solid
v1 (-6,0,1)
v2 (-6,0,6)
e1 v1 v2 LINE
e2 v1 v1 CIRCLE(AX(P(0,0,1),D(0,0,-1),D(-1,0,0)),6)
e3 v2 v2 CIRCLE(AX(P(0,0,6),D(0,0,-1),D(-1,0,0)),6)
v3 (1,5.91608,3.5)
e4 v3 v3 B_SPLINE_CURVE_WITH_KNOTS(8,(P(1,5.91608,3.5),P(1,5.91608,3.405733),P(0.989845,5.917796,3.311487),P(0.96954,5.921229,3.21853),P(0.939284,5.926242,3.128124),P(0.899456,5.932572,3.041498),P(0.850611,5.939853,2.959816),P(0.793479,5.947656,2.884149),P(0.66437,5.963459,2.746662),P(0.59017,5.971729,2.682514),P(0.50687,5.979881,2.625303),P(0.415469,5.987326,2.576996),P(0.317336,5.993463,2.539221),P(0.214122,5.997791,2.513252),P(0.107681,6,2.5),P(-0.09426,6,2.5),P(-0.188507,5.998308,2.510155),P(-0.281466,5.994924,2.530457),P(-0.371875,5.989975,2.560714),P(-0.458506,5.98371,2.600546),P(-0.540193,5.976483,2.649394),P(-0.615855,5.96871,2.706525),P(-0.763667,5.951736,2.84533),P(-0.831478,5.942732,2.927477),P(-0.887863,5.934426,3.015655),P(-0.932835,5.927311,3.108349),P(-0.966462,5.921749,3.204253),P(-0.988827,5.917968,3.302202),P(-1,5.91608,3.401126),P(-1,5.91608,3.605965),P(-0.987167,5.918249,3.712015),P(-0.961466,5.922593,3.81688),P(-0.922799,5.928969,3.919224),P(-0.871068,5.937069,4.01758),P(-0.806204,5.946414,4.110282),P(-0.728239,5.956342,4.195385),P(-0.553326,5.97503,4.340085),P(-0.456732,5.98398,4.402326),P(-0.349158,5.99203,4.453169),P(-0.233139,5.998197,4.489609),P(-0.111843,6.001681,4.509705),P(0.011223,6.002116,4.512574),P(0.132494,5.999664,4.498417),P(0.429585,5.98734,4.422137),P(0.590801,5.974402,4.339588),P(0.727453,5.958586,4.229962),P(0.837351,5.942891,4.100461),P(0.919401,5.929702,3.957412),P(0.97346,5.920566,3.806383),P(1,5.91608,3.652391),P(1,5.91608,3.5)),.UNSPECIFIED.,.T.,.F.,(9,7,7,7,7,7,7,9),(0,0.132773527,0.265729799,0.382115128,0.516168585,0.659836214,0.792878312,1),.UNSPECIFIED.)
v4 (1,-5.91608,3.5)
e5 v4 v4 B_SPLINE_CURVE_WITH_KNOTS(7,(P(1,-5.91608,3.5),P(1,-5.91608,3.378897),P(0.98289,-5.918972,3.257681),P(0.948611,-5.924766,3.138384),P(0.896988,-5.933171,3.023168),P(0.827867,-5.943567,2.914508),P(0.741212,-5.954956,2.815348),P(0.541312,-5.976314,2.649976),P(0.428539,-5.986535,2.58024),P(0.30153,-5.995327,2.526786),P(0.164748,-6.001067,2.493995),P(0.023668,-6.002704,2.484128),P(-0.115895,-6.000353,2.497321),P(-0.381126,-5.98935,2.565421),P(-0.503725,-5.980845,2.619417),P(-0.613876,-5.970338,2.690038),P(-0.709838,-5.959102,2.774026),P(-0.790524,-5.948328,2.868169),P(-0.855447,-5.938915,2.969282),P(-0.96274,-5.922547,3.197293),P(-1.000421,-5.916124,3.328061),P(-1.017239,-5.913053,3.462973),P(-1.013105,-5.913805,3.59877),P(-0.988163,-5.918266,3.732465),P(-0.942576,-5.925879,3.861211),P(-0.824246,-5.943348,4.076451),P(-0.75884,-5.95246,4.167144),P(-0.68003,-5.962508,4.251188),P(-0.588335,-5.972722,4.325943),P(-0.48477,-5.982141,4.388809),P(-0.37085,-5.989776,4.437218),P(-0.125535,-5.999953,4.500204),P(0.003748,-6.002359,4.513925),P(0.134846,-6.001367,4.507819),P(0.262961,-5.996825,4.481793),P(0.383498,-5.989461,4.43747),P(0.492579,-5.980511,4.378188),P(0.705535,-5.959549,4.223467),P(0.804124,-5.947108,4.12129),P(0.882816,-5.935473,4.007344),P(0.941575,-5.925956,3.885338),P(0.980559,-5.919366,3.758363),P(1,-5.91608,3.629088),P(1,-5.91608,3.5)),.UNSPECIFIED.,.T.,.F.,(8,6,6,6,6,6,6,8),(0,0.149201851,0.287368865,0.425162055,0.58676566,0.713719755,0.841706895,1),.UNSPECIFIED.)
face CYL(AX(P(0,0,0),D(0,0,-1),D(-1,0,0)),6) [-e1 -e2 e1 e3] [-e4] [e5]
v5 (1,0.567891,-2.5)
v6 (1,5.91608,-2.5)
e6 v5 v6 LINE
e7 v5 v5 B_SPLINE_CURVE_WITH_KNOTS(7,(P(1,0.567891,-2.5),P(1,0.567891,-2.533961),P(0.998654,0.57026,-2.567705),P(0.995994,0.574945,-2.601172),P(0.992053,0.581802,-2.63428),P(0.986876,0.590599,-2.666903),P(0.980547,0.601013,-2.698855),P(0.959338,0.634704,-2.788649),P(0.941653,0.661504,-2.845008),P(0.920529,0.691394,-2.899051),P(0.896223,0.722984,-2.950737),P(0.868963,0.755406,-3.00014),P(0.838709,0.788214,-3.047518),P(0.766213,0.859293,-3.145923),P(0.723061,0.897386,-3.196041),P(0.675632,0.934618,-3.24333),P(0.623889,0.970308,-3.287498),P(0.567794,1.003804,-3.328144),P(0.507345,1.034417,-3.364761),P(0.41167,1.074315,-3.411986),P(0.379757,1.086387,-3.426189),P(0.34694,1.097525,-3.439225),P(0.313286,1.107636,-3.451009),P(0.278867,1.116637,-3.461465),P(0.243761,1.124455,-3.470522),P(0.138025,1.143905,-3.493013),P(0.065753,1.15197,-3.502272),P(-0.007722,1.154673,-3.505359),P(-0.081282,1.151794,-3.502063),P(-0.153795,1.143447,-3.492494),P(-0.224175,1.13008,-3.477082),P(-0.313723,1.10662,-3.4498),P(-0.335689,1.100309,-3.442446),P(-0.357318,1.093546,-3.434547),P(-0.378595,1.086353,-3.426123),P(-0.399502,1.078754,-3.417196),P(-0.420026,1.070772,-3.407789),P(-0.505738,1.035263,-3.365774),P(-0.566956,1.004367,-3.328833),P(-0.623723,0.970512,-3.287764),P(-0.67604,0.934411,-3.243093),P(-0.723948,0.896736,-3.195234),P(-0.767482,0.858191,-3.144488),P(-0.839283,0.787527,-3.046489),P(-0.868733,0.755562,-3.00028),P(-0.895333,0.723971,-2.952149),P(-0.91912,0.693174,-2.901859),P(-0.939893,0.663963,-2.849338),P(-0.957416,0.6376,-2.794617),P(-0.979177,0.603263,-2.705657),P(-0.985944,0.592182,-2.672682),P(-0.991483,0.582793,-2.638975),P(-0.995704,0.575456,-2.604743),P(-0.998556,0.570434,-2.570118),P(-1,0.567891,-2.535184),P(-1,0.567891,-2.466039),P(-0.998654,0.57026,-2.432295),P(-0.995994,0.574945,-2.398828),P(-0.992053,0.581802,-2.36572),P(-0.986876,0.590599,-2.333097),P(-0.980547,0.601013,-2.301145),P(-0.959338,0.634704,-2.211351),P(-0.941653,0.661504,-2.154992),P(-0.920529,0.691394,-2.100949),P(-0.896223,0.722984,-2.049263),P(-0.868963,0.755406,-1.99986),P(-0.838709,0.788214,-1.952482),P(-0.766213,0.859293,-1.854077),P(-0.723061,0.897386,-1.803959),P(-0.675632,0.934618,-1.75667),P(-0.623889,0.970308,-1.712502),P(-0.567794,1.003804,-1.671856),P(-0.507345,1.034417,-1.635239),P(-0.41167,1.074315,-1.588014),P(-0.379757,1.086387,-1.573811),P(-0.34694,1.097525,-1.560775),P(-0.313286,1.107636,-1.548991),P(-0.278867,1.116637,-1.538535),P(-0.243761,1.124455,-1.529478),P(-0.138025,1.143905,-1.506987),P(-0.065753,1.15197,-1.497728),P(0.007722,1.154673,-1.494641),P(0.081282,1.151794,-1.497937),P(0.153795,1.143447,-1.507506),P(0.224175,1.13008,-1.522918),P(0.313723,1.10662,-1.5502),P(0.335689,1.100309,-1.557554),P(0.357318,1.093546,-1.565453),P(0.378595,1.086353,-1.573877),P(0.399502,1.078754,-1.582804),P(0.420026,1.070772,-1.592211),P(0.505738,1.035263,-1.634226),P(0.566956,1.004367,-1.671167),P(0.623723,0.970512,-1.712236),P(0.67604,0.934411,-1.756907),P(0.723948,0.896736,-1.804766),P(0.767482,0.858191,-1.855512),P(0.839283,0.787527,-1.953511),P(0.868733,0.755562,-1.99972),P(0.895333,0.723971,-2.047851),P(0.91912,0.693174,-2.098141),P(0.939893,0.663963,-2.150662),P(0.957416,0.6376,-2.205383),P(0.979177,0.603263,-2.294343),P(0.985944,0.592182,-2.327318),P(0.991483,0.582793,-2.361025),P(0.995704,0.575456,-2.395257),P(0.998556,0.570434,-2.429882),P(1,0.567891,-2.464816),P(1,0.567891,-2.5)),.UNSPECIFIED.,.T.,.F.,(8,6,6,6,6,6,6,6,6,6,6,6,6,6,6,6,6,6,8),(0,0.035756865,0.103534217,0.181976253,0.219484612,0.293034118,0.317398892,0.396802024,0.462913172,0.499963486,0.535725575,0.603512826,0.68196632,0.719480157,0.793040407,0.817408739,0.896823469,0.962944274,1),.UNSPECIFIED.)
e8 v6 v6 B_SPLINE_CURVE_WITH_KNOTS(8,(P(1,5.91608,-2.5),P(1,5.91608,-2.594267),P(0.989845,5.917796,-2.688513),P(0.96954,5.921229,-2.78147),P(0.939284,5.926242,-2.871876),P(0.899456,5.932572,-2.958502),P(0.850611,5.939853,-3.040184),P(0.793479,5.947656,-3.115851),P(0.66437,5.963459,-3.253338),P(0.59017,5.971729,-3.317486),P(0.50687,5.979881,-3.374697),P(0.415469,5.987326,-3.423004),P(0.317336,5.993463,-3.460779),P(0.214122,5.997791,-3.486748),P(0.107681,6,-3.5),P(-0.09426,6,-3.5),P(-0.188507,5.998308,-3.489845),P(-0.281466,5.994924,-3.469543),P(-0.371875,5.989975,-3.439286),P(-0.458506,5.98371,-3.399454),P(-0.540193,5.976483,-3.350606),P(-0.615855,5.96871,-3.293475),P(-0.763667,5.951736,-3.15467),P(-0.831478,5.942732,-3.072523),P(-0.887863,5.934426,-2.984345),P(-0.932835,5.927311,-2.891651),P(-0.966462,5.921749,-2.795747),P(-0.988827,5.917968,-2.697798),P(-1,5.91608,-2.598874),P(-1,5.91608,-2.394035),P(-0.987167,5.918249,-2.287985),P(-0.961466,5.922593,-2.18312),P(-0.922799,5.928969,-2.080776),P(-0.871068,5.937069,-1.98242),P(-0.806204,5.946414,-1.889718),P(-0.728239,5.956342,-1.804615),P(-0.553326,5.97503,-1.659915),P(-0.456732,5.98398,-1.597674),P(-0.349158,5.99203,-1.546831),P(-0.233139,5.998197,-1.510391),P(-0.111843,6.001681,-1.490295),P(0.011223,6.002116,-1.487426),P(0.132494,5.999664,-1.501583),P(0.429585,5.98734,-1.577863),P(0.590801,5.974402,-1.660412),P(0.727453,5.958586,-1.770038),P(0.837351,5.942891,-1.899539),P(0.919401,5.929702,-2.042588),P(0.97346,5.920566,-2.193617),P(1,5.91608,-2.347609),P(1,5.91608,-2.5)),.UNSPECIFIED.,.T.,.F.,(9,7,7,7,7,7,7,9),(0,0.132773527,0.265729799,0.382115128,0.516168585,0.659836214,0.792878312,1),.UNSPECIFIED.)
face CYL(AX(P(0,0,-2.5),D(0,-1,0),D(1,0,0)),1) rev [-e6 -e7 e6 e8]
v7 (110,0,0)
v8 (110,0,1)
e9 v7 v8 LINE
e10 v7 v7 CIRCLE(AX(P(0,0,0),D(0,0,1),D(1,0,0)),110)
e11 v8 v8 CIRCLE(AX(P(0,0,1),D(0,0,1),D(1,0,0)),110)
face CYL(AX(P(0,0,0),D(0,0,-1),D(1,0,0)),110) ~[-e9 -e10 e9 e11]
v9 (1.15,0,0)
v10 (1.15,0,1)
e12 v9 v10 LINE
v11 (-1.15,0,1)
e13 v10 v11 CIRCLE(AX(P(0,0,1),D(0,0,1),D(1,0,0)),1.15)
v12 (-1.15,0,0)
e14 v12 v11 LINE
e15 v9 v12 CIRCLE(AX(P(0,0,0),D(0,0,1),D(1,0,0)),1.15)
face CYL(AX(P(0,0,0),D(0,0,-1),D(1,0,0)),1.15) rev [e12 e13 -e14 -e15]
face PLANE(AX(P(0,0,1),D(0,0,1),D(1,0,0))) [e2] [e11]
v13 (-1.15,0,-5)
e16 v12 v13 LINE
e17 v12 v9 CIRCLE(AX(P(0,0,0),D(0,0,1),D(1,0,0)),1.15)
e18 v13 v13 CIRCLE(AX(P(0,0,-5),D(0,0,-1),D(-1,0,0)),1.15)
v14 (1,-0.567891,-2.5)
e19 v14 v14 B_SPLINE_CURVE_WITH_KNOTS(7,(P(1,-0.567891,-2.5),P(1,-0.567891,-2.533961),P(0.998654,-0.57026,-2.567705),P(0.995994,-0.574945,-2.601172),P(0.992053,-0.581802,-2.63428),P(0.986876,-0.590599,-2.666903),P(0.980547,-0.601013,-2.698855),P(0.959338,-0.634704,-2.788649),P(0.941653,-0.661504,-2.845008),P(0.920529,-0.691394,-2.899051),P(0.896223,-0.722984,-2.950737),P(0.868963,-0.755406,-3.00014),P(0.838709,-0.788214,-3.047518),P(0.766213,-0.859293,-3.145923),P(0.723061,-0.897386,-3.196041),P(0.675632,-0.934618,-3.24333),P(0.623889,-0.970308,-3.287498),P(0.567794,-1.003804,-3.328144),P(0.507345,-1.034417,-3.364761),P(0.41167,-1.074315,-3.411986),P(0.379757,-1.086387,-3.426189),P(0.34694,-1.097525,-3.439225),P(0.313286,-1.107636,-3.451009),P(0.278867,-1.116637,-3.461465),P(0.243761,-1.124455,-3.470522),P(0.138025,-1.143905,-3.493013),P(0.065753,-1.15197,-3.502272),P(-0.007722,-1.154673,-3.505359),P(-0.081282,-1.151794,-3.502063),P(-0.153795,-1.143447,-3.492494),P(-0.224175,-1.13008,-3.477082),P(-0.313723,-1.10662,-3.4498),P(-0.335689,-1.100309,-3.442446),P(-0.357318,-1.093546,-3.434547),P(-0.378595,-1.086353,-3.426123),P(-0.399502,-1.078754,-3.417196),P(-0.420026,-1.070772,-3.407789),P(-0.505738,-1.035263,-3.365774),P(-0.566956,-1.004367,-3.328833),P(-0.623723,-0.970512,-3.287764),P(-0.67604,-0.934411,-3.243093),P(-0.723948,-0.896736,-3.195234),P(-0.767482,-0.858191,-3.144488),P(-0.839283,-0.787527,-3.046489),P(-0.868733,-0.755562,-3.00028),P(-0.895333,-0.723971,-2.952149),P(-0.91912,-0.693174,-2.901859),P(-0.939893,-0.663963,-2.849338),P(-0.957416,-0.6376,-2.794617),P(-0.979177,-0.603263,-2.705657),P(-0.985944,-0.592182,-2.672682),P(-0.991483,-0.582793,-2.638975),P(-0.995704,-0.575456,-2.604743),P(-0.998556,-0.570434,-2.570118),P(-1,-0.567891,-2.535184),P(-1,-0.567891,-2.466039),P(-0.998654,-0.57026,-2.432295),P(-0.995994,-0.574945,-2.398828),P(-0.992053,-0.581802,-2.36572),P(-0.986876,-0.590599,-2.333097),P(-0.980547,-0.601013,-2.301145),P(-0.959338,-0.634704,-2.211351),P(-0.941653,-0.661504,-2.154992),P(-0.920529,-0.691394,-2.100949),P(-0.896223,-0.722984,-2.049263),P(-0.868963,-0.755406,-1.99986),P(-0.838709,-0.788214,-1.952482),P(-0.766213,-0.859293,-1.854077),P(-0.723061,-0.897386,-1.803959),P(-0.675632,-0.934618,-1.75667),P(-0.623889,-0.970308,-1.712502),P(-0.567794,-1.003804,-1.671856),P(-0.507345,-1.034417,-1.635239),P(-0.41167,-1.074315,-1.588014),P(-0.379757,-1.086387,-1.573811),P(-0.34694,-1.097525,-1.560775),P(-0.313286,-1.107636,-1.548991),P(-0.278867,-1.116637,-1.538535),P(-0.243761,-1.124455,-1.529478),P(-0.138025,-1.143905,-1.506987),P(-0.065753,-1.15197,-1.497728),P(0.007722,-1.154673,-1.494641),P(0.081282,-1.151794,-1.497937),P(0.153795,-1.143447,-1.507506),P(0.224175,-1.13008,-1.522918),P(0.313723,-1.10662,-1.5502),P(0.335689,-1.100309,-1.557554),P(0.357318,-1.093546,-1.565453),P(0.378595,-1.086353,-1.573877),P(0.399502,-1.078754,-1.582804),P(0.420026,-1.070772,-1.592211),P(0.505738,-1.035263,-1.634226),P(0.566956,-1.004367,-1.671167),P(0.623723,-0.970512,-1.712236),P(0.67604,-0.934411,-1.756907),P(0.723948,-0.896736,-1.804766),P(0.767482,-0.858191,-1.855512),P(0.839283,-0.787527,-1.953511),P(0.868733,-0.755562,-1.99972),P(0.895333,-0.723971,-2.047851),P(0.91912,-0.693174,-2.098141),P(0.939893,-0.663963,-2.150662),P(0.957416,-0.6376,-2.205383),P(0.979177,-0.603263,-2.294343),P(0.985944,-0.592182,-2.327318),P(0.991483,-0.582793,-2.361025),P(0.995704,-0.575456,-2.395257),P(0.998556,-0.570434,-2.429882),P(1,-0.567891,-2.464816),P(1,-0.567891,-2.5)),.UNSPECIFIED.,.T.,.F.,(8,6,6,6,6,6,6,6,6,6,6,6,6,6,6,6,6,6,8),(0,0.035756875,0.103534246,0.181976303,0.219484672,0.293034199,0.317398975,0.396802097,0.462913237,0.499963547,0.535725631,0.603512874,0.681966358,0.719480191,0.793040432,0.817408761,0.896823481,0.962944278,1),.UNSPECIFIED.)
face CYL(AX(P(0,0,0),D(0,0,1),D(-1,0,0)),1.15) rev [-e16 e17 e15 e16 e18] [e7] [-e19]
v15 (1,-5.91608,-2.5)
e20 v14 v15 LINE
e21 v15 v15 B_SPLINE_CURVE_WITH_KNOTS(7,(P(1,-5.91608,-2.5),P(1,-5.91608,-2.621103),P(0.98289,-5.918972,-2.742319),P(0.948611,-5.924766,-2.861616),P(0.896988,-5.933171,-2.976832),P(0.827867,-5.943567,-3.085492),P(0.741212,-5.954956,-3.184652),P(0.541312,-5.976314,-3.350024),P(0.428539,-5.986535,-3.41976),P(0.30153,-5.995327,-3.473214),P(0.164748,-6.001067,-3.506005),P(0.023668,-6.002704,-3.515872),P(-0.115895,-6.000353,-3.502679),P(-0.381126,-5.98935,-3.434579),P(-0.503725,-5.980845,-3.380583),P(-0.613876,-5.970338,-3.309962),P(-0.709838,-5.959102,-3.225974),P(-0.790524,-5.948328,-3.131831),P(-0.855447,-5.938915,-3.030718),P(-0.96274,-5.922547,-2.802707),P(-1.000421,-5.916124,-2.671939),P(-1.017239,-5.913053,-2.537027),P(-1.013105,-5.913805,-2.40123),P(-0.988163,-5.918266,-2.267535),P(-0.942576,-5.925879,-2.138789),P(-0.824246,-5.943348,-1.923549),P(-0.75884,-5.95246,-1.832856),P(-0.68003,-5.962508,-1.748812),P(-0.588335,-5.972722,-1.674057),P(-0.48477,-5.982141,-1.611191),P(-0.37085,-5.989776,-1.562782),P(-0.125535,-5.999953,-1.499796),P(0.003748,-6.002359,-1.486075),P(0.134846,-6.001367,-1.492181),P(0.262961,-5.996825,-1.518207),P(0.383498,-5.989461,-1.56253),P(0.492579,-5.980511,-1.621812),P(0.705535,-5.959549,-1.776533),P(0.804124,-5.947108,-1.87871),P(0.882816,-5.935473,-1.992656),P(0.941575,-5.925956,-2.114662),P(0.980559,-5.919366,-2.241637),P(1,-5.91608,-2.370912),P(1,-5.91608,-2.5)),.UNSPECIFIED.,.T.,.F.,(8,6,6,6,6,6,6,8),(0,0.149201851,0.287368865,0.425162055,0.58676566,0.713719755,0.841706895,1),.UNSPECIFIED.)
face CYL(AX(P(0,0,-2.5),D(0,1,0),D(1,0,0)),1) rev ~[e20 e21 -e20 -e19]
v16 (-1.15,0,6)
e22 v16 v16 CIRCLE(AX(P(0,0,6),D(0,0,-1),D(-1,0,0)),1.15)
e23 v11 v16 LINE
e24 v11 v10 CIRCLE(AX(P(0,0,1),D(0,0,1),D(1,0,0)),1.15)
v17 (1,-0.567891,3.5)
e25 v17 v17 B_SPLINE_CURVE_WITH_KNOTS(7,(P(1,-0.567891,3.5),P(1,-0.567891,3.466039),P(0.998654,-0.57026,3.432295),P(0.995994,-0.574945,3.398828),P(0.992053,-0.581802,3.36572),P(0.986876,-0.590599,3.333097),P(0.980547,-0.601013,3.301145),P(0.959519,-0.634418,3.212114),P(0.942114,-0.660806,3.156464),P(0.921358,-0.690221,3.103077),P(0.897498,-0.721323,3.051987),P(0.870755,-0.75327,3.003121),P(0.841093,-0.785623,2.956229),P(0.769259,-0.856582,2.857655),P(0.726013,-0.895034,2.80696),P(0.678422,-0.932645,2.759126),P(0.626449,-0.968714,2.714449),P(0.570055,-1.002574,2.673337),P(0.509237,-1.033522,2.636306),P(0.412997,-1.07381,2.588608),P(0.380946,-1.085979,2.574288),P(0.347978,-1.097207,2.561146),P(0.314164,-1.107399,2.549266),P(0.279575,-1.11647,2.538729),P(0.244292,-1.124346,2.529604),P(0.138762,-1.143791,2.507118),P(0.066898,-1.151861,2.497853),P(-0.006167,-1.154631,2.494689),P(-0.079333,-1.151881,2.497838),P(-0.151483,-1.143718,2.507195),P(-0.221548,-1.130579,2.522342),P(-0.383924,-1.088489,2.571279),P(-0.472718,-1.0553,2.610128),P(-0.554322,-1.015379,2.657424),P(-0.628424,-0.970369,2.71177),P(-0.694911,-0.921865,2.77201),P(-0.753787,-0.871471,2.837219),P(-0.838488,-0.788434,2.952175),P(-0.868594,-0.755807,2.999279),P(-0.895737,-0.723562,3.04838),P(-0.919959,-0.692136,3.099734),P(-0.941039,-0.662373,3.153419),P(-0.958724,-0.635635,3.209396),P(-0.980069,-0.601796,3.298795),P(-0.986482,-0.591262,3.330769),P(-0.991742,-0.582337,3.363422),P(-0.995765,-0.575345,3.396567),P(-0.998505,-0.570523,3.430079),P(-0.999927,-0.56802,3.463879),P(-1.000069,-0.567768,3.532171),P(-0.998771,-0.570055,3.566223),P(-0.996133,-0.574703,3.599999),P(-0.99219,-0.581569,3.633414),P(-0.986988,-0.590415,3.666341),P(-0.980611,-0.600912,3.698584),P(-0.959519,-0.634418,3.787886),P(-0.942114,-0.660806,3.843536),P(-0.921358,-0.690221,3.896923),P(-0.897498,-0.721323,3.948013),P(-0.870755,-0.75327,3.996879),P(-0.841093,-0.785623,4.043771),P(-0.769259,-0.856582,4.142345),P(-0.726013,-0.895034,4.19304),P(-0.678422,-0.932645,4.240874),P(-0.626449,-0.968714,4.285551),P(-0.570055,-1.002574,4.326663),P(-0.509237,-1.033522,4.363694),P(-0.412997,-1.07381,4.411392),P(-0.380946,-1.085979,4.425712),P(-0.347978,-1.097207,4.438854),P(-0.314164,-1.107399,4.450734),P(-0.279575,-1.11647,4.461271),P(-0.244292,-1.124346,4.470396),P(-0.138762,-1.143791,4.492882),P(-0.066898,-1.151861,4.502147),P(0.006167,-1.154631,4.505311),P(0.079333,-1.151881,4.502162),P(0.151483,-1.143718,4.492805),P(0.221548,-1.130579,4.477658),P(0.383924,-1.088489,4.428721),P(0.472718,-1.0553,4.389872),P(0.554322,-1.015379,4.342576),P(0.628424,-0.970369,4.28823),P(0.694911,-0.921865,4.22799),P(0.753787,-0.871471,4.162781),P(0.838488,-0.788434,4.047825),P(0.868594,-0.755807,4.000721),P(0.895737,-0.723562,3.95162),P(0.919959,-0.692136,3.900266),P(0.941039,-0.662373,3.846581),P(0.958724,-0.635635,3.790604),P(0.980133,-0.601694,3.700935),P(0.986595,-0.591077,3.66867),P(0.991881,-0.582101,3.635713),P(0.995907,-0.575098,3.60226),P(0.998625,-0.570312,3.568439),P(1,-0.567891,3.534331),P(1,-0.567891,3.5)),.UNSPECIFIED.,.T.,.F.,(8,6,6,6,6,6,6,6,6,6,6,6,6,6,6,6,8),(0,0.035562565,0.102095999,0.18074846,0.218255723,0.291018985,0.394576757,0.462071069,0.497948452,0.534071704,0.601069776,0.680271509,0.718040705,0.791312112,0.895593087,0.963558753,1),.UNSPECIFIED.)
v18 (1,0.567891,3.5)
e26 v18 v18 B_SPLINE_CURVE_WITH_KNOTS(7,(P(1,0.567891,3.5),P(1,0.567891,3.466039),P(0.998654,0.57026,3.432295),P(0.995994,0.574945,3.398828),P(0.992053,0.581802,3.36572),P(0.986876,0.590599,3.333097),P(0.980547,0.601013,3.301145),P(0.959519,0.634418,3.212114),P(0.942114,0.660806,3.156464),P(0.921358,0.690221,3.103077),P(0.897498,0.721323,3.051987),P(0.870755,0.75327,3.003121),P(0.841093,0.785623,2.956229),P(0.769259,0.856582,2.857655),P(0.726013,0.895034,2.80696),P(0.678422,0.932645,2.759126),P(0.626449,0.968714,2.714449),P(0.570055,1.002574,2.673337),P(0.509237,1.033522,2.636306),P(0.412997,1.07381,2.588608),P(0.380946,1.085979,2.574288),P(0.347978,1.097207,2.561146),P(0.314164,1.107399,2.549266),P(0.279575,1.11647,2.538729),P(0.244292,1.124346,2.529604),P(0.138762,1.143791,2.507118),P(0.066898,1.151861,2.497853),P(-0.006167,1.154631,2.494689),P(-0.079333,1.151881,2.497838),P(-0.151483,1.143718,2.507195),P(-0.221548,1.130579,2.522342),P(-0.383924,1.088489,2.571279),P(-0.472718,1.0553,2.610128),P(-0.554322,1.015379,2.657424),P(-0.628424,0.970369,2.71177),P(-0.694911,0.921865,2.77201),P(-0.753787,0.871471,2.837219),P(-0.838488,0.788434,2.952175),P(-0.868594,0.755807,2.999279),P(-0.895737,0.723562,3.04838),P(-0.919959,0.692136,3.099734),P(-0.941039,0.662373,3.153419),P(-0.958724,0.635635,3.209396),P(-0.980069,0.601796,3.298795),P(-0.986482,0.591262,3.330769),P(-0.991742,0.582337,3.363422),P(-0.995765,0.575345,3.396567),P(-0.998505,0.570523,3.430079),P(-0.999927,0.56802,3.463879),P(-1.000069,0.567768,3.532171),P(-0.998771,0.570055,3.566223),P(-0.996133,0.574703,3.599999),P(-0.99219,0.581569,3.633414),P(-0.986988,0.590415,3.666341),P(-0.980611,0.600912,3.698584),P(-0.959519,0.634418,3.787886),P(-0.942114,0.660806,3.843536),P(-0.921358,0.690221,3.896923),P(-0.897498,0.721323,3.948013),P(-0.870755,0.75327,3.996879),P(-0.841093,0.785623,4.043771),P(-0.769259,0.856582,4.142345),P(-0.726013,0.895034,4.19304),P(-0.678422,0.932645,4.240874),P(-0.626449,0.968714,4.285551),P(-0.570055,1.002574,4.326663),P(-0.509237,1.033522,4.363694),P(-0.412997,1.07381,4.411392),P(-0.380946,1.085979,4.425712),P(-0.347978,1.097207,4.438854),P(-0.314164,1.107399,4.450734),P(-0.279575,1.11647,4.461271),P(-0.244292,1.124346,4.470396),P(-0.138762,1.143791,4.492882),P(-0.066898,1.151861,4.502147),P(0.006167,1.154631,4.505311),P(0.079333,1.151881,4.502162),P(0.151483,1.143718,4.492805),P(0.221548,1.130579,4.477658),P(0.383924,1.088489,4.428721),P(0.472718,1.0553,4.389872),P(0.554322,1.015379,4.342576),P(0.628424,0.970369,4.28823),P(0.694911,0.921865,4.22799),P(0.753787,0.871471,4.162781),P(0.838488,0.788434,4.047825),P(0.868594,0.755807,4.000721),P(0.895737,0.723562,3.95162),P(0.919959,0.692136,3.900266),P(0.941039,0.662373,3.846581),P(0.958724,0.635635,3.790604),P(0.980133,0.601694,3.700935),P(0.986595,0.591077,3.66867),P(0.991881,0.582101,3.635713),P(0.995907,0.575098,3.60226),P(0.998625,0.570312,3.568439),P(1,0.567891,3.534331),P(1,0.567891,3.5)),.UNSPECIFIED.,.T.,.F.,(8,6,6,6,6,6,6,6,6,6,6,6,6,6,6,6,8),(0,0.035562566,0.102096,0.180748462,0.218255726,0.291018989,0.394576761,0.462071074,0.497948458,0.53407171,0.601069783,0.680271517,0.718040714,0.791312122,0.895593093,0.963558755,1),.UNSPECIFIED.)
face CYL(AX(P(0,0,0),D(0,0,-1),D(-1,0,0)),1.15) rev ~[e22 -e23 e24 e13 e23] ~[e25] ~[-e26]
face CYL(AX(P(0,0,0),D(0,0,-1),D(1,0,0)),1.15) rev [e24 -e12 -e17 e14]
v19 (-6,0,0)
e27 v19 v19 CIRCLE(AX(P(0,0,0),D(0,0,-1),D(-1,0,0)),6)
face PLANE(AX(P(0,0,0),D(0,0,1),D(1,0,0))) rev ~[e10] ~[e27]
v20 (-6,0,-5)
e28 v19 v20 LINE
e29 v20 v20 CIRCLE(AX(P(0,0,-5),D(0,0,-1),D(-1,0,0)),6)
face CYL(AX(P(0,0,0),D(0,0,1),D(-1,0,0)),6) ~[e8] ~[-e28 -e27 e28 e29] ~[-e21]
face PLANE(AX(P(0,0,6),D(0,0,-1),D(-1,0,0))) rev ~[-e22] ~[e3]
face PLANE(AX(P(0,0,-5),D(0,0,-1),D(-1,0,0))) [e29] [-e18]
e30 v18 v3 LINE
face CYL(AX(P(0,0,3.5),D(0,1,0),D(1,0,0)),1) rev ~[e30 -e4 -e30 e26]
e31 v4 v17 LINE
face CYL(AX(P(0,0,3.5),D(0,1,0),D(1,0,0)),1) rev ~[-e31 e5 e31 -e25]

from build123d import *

# Parameters (mm, degrees)
SKETCH_1_R           = 110
SKETCH_1_R_2         = 1.15
EXTRUDE_1_DEPTH      = 1
SKETCH_2_R           = 6
SKETCH_2_R_2         = 1.15
EXTRUDE_2_DEPTH      = 5
EXTRUDE_2_DEPTH_BACK = 6
SKETCH_3_R           = 1
CUT_EXTRUDE_1_DEPTH  = 25


with BuildPart() as part:
    # 草图1 → 凸台-拉伸1 (new body)
    with BuildSketch(Plane.XY):
        Circle(SKETCH_1_R)
        Circle(SKETCH_1_R_2, mode=Mode.SUBTRACT)
    extrude(amount=EXTRUDE_1_DEPTH)

    # 草图2 → 凸台-拉伸2 (add, two sides)
    with BuildSketch(Plane(origin=(0, 0, 0), x_dir=(-1, 0, 0), z_dir=(0, 0, -1))) as extrude_2_sk:
        Circle(SKETCH_2_R)
        Circle(SKETCH_2_R_2, mode=Mode.SUBTRACT)
    extrude(amount=EXTRUDE_2_DEPTH)
    extrude(extrude_2_sk.sketch, amount=-EXTRUDE_2_DEPTH_BACK)

    # 草图3 → 切除-拉伸1 (cut, symmetric)
    with BuildSketch(Plane(origin=(0, 0, 0), x_dir=(1, 0, 0), z_dir=(0, 1, 0))):
        with Locations((0, 2.5)):
            Circle(SKETCH_3_R)
        with Locations((0, -3.5)):
            Circle(SKETCH_3_R)
    extrude(amount=CUT_EXTRUDE_1_DEPTH, both=True, mode=Mode.SUBTRACT)


solid = part.part
